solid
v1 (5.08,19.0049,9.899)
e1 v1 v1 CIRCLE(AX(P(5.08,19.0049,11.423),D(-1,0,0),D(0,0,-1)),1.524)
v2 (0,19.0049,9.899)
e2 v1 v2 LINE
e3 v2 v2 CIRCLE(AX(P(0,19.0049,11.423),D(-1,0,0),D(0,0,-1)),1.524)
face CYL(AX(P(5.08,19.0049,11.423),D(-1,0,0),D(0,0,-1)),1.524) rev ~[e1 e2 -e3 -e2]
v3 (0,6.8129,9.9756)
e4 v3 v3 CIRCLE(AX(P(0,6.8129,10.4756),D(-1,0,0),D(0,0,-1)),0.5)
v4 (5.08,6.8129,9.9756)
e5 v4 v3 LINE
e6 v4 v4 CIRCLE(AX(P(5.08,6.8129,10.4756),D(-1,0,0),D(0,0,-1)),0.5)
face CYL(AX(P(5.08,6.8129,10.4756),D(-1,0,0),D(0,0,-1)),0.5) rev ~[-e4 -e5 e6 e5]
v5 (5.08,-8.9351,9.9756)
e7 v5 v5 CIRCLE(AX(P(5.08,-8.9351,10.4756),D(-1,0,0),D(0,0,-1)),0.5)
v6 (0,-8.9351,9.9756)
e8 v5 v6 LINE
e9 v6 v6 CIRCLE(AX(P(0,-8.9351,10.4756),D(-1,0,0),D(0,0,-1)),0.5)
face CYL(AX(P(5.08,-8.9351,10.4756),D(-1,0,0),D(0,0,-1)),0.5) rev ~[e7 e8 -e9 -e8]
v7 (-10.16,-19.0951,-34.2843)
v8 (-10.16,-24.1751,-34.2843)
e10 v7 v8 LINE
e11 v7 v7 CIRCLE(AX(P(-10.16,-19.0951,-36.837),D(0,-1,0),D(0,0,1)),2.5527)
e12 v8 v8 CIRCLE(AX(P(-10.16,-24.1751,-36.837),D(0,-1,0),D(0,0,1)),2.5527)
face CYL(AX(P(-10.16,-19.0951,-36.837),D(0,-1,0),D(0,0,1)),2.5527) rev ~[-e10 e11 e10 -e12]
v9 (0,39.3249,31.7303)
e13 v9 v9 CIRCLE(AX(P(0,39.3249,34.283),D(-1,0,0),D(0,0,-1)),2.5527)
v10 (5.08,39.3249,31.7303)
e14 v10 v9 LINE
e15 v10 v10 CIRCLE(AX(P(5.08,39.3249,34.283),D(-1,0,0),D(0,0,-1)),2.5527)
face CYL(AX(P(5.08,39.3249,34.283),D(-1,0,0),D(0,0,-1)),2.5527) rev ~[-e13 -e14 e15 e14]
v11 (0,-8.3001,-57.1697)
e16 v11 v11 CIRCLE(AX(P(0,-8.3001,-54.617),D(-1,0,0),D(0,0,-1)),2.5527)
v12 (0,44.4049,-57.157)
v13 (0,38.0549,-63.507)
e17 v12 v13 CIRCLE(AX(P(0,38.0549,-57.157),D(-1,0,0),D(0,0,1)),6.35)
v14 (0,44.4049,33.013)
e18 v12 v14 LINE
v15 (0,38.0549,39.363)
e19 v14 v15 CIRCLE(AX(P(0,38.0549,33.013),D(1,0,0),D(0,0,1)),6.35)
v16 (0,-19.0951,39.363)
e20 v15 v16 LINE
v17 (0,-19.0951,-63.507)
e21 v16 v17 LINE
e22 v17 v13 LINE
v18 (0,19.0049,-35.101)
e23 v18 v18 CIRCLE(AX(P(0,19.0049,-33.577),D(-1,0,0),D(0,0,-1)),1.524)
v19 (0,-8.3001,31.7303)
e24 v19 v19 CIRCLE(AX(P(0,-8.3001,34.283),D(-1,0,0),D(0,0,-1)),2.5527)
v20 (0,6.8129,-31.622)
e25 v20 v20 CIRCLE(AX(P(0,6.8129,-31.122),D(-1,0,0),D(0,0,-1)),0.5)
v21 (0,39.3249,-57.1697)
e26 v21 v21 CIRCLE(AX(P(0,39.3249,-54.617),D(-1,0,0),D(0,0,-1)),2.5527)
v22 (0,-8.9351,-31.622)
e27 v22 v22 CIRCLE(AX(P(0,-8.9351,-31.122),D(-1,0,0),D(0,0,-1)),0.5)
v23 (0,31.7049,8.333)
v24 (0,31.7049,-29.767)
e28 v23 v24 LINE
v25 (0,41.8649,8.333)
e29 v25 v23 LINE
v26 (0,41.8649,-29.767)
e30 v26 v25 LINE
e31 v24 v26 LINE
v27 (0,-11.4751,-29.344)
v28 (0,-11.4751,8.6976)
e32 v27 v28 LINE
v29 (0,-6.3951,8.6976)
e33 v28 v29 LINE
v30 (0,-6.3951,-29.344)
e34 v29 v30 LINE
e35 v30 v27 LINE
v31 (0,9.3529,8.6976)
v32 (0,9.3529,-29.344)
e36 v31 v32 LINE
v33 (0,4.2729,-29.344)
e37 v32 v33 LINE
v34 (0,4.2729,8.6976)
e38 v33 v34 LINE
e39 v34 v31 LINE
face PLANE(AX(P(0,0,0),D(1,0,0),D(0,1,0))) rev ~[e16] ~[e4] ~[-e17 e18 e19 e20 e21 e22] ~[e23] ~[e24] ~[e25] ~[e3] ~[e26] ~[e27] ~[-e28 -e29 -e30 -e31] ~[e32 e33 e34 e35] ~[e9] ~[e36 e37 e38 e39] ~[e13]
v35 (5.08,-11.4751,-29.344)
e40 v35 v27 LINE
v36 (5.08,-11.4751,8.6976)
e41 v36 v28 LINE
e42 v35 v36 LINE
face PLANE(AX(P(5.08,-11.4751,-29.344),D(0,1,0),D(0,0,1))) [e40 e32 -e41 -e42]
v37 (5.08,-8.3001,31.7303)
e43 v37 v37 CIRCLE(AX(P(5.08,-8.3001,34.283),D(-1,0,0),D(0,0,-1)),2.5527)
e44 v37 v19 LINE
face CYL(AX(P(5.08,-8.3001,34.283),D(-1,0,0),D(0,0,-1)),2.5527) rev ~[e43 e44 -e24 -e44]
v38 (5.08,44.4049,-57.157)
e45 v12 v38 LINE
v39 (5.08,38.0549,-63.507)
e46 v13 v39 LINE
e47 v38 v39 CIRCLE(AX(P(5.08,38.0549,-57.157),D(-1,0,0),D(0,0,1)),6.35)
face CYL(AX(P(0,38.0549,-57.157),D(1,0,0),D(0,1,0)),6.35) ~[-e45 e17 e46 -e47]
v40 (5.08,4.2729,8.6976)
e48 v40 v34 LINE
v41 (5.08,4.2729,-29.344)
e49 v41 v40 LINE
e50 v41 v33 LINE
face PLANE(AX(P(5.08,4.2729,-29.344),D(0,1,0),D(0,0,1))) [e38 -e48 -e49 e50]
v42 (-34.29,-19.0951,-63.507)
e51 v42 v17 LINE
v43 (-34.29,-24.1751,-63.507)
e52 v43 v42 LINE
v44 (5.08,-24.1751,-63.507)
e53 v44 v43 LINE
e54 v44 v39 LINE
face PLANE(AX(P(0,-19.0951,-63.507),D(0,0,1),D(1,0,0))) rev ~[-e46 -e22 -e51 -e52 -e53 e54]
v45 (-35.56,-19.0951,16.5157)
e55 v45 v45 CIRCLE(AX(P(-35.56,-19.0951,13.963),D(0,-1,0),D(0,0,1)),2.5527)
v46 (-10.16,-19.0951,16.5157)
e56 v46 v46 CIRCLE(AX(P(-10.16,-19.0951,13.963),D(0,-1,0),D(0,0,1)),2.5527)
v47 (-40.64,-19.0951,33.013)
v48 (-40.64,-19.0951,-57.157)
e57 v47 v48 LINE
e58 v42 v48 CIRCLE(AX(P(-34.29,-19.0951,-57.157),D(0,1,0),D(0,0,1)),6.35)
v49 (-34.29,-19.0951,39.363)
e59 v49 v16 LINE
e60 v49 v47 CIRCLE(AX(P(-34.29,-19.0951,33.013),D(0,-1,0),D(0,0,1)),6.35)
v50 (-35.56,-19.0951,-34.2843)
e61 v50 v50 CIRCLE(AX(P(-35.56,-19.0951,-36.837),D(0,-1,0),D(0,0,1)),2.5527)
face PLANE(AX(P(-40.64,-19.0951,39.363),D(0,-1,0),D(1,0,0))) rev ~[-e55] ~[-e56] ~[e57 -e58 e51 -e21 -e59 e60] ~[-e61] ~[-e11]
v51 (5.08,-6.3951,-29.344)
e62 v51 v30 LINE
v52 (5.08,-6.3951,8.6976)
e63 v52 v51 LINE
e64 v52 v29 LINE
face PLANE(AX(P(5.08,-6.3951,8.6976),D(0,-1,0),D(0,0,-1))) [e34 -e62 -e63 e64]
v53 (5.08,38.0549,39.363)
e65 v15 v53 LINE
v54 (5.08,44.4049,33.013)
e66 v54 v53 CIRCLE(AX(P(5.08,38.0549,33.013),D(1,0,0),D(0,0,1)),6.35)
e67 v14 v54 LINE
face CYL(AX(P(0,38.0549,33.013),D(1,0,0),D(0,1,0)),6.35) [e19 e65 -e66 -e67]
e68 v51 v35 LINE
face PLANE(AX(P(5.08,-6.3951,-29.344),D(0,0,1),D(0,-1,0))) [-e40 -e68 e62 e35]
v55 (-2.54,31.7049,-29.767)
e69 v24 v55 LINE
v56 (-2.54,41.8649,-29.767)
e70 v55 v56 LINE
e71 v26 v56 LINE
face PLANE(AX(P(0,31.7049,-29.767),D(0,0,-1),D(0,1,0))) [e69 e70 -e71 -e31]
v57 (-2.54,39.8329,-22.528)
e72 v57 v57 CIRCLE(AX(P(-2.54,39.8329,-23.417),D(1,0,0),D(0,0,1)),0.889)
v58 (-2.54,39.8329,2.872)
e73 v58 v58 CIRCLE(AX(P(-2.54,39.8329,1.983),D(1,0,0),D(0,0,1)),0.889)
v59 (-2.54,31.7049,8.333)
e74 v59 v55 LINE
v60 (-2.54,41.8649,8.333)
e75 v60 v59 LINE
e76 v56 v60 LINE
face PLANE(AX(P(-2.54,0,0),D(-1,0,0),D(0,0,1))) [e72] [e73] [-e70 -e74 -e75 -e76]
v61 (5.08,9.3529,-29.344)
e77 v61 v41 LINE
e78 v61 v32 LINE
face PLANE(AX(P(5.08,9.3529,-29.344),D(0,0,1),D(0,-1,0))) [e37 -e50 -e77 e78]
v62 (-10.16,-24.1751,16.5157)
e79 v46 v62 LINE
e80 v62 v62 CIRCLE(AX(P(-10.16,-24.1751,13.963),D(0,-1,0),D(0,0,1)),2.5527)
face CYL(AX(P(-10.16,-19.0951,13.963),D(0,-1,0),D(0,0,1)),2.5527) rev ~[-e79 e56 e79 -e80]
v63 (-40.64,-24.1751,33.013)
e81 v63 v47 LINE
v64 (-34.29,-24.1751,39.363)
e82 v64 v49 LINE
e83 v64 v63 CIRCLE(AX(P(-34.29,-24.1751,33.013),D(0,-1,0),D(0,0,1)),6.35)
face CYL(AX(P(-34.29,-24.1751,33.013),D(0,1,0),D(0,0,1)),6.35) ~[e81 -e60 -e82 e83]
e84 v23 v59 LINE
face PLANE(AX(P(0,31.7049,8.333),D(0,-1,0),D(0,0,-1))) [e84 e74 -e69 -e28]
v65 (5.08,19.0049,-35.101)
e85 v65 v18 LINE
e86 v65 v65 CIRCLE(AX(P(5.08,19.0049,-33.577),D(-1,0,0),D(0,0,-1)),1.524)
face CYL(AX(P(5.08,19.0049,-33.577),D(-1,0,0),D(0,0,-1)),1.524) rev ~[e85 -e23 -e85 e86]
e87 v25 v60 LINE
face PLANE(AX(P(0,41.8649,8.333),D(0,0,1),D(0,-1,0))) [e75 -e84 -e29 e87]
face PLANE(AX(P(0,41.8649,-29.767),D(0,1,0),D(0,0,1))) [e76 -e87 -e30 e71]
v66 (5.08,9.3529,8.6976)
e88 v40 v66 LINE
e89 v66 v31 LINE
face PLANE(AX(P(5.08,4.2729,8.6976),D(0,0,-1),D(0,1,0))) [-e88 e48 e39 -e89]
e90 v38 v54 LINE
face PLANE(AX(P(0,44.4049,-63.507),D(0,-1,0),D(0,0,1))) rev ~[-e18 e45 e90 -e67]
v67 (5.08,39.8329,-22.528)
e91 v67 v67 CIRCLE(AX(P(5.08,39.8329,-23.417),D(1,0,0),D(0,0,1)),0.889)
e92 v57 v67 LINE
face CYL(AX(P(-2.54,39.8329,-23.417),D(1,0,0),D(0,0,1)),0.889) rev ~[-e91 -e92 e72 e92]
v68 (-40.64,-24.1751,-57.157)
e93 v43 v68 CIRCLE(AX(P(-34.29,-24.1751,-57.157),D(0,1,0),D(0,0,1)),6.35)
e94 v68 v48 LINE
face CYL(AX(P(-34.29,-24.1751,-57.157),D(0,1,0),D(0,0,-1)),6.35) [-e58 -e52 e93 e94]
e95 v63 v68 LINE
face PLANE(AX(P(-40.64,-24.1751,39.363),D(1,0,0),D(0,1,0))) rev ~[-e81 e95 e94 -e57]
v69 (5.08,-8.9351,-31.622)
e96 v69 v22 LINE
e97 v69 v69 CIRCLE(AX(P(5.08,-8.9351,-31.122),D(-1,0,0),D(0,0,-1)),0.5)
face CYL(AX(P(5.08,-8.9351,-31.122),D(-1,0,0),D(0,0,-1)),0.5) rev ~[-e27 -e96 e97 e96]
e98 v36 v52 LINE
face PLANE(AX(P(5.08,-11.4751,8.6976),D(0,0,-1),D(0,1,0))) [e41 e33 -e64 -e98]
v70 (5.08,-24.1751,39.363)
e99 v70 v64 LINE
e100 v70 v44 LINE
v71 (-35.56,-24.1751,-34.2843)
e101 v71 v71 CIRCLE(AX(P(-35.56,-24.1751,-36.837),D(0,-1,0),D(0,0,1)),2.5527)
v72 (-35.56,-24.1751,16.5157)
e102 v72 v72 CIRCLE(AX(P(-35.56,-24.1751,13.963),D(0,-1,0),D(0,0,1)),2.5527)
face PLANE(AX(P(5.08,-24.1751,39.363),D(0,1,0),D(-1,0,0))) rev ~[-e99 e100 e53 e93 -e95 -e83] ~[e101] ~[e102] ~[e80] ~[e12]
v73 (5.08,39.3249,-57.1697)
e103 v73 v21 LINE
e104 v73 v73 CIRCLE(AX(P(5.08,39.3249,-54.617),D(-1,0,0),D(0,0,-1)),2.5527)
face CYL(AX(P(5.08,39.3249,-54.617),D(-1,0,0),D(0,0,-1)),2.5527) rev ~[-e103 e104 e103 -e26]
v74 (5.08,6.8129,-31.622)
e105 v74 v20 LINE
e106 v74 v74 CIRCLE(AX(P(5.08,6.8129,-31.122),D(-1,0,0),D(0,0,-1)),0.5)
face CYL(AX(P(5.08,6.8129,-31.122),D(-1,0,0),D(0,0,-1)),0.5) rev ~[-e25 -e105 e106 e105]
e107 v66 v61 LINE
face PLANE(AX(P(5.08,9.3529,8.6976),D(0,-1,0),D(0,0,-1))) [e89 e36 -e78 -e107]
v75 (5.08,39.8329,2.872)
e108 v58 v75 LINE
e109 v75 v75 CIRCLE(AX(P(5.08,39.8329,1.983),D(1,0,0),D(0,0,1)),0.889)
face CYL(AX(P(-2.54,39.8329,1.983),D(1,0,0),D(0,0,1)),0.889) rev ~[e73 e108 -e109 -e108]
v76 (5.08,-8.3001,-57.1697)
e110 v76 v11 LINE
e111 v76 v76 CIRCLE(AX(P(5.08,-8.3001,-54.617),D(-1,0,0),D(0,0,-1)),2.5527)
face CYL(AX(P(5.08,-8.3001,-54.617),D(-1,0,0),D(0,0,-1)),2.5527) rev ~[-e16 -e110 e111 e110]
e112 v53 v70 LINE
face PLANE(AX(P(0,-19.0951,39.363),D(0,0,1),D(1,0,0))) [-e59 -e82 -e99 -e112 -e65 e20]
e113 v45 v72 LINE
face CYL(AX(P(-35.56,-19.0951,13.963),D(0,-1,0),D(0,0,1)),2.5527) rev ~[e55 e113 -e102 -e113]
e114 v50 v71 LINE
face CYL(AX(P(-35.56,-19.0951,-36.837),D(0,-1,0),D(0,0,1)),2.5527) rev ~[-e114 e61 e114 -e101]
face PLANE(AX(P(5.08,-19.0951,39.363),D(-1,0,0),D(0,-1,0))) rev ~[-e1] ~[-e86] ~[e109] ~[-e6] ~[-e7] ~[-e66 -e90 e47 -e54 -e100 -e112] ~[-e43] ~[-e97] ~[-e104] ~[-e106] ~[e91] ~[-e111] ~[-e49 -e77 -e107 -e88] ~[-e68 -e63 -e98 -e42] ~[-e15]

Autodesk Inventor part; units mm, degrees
ref_plane "YZ Plane" through (0, 0, 0) normal (1, 0, 0) x (0, 1, 0)
ref_plane "XZ Plane" through (0, 0, 0) normal (0, 1, 0) x (-1, 0, 0)
ref_plane "XY Plane" through (0, 0, 0) normal (0, 0, 1) x (1, 0, 0)
sketch "Sketch1" plane through (0, 0, 0) normal (1, 0, 0) x (0, 1, 0)
  line L0 (44.4049, 39.363) -> (-19.0951, 39.363)
  line L1 (-19.0951, 39.363) -> (-19.0951, -63.507)
  line L2 (-19.0951, -63.507) -> (44.4049, -63.507)
  line L3 (44.4049, -63.507) -> (44.4049, 39.363)
  point P0 (0, 0)
  dimension "d0" = 102.87
  dimension "d1" = 63.5
extrude "Extrusion1" add sketch "Sketch1" along normal blind 5.08
sketch "Sketch2" plane through (5.08, 0, 0) normal (1, 0, 0) x (0, 0, -1)
  line L0 (63.507, 44.4049) -> (-39.363, 44.4049) projected
  line L1 (-39.363, 44.4049) -> (-39.363, -19.0951) projected
  point P0 (0, 0)
  point P1 (-34.283, 39.3249)
  point P2 (54.617, 39.3249)
  point P3 (54.617, -8.3001)
  point P4 (-34.283, -8.3001)
  dimension "d4" = 0
  dimension "d5" = 0
  dimension "d6" = 0
  dimension "d7" = 0
  dimension "d8" = 88.9
  dimension "d9" = 5.08
  dimension "d10" = 5.08
  dimension "d11" = 47.625
hole "Hole1" at (5.08, 39.3249, 34.283) at (5.08, 39.3249, -54.617) at (5.08, -8.3001, -54.617) at (5.08, -8.3001, 34.283) direction (-1, 0, 0) diameter 5.1054 end through all clearance for "Flat Head Machine Screw (82)" size "#10" standard "Ansi Unified Screw Threads"
fillet "Fillet1" radius 6.35 2 edges at (2.54, 44.4049, 39.363) (2.54, 44.4049, -63.507)
sketch "Sketch7" plane through (0, -19.0951, 39.363) normal (0, 0, 1) x (1, 0, 0)
  line L0 (0, 0) -> (5.08, 0)
  line L1 (5.08, 0) -> (5.08, -5.08)
  line L2 (5.08, -5.08) -> (-40.64, -5.08)
  line L3 (-40.64, -5.08) -> (-40.64, 0)
  line L4 (-40.64, 0) -> (0, 0)
  line L5 (0, 0) -> (0, 0)
  line L6 (0, 0) -> (5.08, 0) projected
  line L7 (0, 57.15) -> (0, 0) projected
  point P0 (0, 19.0951)
  dimension "d51" = 5.08
  dimension "d52" = 5.08
  dimension "d53" = 90
  dimension "d54" = 5.08
  dimension "d55" = 45.72
  dimension "d56" = 0
  dimension "d57" = 0
extrude "Extrusion4" add sketch "Sketch7" against normal blind 102.87
sketch "Sketch8" plane through (0, -19.0951, 39.363) normal (0, 1, 0) x (1, 0, 0)
  line L0 (0, 0) -> (0, 102.87) projected
  line L1 (-40.64, 0) -> (0, 0) projected
  line L2 (-40.64, 102.87) -> (0, 102.87) projected
  line L3 (-40.64, 0) -> (-40.64, 102.87) projected
  point P0 (0, 39.363)
  point P1 (-10.16, 25.4)
  point P2 (-35.56, 25.4)
  point P3 (-35.56, 76.2)
  point P4 (-10.16, 76.2)
  dimension "d67" = 0
  dimension "d69" = 0
  dimension "d71" = 0
  dimension "d72" = 0
  dimension "d143" = 5.08
  dimension "d144" = 26.67
  dimension "d145" = 50.8
  dimension "d146" = 25.4
hole "Hole3" at (-10.16, -19.0951, 13.963) at (-35.56, -19.0951, 13.963) at (-35.56, -19.0951, -36.837) at (-10.16, -19.0951, -36.837) direction (0, -1, 0) diameter 5.1054 end through all clearance for "Flat Head Machine Screw (82)" size "#10" standard "Ansi Unified Screw Threads"
fillet "Fillet2" radius 6.35 2 edges at (-40.64, -21.6351, -63.507) (-40.64, -21.6351, 39.363)
sketch "Sketch9" plane through (5.08, 0, 0) normal (1, 0, 0) x (0, 0, -1)
  line L0 (57.157, 44.4049) -> (-33.013, 44.4049) projected
  line L1 (-39.363, 38.0549) -> (-39.363, -24.1751) projected
  line L2 (63.507, 38.0549) -> (63.507, -24.1751) projected
  point P0 (0, 0)
  point P1 (-11.423, 19.0049)
  point P2 (33.577, 19.0049)
  dimension "d82" = 0
  dimension "d83" = 45
  dimension "d84" = 25.4
  dimension "d85" = 27.94
  dimension "d86" = 29.93
hole "Hole4" at (5.08, 19.0049, 11.423) at (5.08, 19.0049, -33.577) direction (-1, 0, 0) diameter 3.048 end through all
sketch "Sketch10" plane through (0, 0, 0) normal (-1, 0, 0) x (0, 0, 1)
  line L0 (-29.767, 41.8649) -> (8.333, 41.8649)
  line L1 (8.333, 41.8649) -> (8.333, 31.7049)
  line L2 (8.333, 31.7049) -> (-29.767, 31.7049)
  line L3 (-29.767, 31.7049) -> (-29.767, 41.8649)
  line L4 (-57.157, 44.4049) -> (33.013, 44.4049) projected
  circle A0 centre (-33.577, 19.0049) radius 1.524 projected
  circle A1 centre (11.423, 19.0049) radius 1.524 projected
  point P0 (0, 0)
  dimension "d94" = 10.16
  dimension "d95" = 38.1
  dimension "d96" = 2.54
  dimension "d97" = 3.81
  dimension "d98" = 3.09
extrude "Extrusion5" add sketch "Sketch10" along normal blind 2.54 contours L0 L1 L2 L3
sketch "Sketch11" plane through (-2.54, 0, 0) normal (-1, 0, 0) x (0, 0, 1)
  line L0 (-29.767, 31.7049) -> (8.333, 31.7049) projected
  line L1 (-29.767, 41.8649) -> (-29.767, 31.7049) projected
  line L2 (8.333, 41.8649) -> (-29.767, 41.8649) projected
  line L3 (8.333, 31.7049) -> (8.333, 41.8649) projected
  point P0 (0, 0)
  point P1 (-23.417, 39.8329)
  point P2 (1.983, 39.8329)
  dimension "d101" = 0
  dimension "d102" = 25.4
  dimension "d103" = 6.35
  dimension "d104" = 8.128
hole "Hole5" at (-2.54, 39.8329, -23.417) at (-2.54, 39.8329, 1.983) direction (1, 0, 0) diameter 1.778 end through all
sketch "Sketch12" plane through (5.08, 0, 0) normal (1, 0, 0) x (0, 0, -1)
  line L0 (-39.363, -24.1751) -> (63.507, -24.1751) projected
  line L1 (63.507, 38.0549) -> (63.507, -24.1751) projected
  point P0 (0, 0)
  point P1 (31.122, 6.8129)
  point P2 (-10.4756, 6.8129)
  point P3 (-10.4756, -8.9351)
  point P4 (31.122, -8.9351)
  dimension "d112" = 41.5976
  dimension "d113" = 0
  dimension "d114" = 0
  dimension "d115" = 15.748
  dimension "d116" = 0
  dimension "d117" = 0
  dimension "d118" = 15.24
  dimension "d119" = 32.385
hole "Hole6" at (5.08, 6.8129, -31.122) at (5.08, 6.8129, 10.4756) at (5.08, -8.9351, 10.4756) at (5.08, -8.9351, -31.122) direction (-1, 0, 0) diameter 1 end through all
sketch "Sketch14" plane through (5.08, 0, 0) normal (1, 0, 0) x (0, 0, -1)
  line L0 (-8.6976, 9.3529) -> (29.344, 9.3529)
  line L1 (29.344, 9.3529) -> (29.344, 4.2729)
  line L2 (29.344, 4.2729) -> (-8.6976, 4.2729)
  line L3 (-8.6976, 4.2729) -> (-8.6976, 9.3529)
  line L4 (-8.6976, -6.3951) -> (29.344, -6.3951)
  line L5 (29.344, -6.3951) -> (29.344, -11.4751)
  line L6 (29.344, -11.4751) -> (-8.6976, -11.4751)
  line L7 (-8.6976, -11.4751) -> (-8.6976, -6.3951)
  circle A0 centre (31.122, -8.9351) radius 0.5 projected
  circle A1 centre (31.122, 6.8129) radius 0.5 projected
  circle A2 centre (-10.4756, 6.8129) radius 0.5 projected
  circle A3 centre (-10.4756, -8.9351) radius 0.5 projected
  point P0 (0, 0)
  dimension "d133" = 2.54
  dimension "d134" = 2.54
  dimension "d135" = 1.778
  dimension "d136" = 1.778
  dimension "d137" = 0
  dimension "d138" = 0
  dimension "d139" = 2.54
  dimension "d140" = 2.54
extrude "Extrusion7" cut sketch "Sketch14" against normal blind 20.725 contours L0 L1 L2 L3 | L4 L5 L6 L7
properties part number "Realsense100"
